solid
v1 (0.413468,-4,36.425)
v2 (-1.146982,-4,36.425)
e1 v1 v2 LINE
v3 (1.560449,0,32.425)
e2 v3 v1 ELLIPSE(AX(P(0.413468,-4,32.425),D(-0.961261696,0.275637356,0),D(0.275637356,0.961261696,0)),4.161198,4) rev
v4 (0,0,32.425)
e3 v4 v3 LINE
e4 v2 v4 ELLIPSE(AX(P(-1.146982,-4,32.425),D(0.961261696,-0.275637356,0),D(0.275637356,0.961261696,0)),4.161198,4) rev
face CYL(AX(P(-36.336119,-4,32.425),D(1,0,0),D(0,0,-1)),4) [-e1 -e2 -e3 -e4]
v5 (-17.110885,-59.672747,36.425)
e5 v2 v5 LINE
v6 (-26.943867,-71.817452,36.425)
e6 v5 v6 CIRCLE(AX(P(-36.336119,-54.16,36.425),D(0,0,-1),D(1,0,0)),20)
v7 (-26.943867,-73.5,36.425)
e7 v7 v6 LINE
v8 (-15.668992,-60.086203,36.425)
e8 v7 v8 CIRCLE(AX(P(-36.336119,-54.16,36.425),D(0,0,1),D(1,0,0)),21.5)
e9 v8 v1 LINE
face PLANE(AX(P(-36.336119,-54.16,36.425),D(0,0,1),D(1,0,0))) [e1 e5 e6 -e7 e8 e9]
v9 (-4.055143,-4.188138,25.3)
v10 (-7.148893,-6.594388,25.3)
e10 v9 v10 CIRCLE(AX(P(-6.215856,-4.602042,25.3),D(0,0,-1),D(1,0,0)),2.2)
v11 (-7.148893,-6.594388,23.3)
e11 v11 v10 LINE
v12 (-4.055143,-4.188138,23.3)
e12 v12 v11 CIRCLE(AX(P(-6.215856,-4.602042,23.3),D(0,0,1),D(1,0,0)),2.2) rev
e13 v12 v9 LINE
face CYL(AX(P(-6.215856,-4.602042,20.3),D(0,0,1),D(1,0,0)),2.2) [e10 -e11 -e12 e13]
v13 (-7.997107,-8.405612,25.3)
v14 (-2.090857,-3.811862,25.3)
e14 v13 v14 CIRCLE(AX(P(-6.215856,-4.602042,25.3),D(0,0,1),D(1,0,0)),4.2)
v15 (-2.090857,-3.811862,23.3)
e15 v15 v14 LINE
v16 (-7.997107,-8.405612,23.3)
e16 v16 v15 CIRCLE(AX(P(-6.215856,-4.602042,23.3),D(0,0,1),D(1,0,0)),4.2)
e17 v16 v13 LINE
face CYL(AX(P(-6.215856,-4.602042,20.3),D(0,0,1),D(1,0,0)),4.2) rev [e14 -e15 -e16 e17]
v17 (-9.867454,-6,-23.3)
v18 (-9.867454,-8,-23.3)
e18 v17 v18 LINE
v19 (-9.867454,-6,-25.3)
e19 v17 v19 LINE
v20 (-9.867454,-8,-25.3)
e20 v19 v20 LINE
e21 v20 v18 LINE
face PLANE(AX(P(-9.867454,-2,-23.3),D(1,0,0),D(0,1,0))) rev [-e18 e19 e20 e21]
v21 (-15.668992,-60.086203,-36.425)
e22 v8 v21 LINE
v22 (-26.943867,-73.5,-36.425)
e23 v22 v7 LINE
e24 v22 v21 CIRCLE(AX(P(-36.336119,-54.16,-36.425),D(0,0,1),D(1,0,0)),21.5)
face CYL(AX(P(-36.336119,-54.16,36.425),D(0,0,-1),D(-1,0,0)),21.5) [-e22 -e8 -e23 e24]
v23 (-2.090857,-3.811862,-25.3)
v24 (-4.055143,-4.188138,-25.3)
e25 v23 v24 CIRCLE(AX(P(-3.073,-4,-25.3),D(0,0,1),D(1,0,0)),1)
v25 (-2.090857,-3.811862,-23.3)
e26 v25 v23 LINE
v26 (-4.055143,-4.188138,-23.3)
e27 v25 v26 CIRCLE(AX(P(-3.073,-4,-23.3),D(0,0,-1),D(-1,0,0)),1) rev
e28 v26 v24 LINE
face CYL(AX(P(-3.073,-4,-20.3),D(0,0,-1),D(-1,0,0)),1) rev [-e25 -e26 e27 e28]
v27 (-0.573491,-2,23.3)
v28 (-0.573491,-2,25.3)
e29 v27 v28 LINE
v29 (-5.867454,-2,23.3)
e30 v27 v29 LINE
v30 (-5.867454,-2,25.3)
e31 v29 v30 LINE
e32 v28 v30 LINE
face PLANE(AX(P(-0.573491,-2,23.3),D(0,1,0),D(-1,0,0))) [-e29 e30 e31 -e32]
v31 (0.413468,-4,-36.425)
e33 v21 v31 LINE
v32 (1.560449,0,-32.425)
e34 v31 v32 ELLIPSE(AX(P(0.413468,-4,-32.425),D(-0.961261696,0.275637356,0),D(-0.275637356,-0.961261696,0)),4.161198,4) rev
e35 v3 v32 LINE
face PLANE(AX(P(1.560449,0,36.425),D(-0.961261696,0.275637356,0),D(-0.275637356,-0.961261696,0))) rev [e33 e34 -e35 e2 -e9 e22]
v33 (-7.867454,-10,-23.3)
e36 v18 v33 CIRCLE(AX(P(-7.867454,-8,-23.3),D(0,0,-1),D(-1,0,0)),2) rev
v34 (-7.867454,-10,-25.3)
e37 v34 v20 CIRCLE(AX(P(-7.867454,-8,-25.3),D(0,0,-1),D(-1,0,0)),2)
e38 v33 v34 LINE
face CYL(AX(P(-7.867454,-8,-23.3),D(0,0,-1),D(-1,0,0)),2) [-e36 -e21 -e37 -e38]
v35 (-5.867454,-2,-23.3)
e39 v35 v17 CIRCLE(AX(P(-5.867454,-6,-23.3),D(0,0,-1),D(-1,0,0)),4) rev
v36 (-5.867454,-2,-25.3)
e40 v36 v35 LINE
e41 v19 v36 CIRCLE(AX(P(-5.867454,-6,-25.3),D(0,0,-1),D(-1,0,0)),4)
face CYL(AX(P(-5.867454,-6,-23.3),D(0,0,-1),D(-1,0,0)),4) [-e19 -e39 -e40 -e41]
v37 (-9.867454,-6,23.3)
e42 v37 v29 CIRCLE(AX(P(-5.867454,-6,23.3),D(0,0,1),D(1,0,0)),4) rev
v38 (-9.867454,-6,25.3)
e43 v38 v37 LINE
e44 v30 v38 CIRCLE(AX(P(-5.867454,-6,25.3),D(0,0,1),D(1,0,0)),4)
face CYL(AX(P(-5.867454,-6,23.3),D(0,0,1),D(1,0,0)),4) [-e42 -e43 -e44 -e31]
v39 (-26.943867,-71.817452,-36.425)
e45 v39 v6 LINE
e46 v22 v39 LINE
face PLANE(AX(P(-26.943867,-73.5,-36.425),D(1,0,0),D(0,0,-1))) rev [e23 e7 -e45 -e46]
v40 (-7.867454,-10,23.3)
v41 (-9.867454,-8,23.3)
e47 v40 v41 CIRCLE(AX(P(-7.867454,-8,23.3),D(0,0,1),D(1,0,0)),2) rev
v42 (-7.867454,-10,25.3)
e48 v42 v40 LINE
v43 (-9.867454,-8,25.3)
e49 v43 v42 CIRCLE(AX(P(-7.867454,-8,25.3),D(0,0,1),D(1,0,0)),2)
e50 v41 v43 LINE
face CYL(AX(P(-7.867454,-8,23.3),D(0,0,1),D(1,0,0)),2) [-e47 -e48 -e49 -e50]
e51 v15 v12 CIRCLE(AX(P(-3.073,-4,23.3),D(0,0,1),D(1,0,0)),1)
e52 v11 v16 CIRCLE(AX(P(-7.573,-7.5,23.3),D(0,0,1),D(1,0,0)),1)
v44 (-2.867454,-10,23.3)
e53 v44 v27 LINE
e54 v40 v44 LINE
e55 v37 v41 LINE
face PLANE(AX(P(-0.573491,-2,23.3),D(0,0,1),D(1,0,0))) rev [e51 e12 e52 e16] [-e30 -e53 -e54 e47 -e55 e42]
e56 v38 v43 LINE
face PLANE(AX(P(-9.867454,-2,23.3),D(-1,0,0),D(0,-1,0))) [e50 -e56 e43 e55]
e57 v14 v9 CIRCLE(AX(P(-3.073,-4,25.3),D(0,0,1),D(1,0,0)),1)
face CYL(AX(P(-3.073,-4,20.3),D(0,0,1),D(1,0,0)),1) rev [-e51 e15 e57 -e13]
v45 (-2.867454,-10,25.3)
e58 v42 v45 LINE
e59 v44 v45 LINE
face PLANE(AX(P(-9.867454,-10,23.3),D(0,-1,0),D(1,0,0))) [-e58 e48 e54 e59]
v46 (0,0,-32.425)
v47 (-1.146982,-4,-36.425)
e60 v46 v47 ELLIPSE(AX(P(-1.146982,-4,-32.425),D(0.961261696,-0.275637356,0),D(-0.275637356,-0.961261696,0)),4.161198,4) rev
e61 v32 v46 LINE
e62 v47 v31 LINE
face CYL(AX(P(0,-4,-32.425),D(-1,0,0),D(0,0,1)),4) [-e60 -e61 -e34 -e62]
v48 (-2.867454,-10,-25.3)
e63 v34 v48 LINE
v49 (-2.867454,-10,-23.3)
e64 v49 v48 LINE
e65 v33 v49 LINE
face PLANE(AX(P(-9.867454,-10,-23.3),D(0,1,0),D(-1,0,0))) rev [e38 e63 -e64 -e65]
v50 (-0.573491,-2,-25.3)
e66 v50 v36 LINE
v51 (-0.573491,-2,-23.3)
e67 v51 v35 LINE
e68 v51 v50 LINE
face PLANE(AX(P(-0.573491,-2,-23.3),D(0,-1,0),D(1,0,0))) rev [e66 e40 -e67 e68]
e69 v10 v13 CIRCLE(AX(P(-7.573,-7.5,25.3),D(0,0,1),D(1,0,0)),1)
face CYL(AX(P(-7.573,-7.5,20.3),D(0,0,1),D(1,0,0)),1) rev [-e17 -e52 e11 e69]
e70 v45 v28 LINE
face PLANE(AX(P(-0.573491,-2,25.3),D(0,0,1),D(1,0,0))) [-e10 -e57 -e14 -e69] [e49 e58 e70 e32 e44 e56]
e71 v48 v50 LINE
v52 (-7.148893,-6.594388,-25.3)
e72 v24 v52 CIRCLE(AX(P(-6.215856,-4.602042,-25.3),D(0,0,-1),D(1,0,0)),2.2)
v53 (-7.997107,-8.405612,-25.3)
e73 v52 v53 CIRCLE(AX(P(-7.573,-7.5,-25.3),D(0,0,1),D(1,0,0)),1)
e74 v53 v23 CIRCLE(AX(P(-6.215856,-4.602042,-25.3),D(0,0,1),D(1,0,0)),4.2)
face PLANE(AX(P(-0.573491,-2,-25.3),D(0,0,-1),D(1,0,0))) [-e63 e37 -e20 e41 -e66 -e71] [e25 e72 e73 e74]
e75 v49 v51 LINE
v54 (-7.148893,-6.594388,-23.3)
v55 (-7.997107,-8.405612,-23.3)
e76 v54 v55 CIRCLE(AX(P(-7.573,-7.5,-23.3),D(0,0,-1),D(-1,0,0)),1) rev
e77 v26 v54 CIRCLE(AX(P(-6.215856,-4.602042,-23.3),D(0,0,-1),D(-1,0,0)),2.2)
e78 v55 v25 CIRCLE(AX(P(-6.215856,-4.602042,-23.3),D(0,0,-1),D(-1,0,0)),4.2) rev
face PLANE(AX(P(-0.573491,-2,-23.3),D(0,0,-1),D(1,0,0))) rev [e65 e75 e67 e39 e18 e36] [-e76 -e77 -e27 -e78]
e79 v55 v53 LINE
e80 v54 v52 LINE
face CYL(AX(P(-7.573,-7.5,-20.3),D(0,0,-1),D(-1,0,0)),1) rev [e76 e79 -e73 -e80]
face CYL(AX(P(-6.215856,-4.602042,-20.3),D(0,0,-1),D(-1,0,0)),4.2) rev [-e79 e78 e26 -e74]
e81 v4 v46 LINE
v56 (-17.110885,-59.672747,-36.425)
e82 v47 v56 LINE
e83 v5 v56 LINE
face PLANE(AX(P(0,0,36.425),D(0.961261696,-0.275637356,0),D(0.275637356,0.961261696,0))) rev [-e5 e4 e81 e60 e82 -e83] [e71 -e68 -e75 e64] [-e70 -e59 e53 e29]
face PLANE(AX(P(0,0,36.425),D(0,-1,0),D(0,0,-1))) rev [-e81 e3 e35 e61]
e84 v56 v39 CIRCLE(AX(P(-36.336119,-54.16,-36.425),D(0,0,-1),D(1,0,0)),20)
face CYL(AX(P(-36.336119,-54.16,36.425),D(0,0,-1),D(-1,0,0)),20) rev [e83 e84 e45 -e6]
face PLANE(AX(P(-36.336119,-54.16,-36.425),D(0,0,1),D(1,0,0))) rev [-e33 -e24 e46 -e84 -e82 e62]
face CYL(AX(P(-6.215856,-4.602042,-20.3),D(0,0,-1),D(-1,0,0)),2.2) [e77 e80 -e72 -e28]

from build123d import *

# Parameters (mm, degrees)
BOSS_EXTRUDE1_DEPTH   = 36.425
CUT_EXTRUDE1_DEPTH    = 110.090212662
CUT_EXTRUDE2_DEPTH    = 109.098783751
FILLET1_R             = 4
BOSS_EXTRUDE14_START  = 25.3
BOSS_EXTRUDE14_DEPTH  = 2
CUT_EXTRUDE10_DEPTH   = 5
FILLET13_R            = 4
FILLET14_R            = 2
FILLET13_OF_MIRROR1_R = 4
FILLET14_OF_MIRROR1_R = 2


with BuildPart() as part:
    # Sketch1 → Boss-Extrude1 (new, symmetric)
    with BuildSketch(Plane.XY):
        with BuildLine():
            Line((0, 0), (-17.110884891, -59.672747116))
            ThreePointArc((-17.110884891, -59.672747116), (-22.347799076, -68.454296451), (-31.240591359, -73.5))
            Line((-31.240591359, -73.5), (-30.858426801, -74.9505))
            ThreePointArc((-30.858426801, -74.9505), (-21.298675096, -69.526368685), (-15.668992347, -60.08620315))
            Line((-15.668992347, -60.08620315), (1.441892544, -0.413456034))
            Line((1.441892544, -0.413456034), (1.560449154, 0))
            Line((1.560449154, 0), (0, 0))
        make_face()
    extrude(amount=BOSS_EXTRUDE1_DEPTH, both=True)

    # Sketch2 → Cut-Extrude1 (cut, through all)
    with BuildSketch(Plane.XY.offset(36.425)):
        with BuildLine():
            Line((-31.240591359, -73.5), (-26.943866684, -73.5))
            ThreePointArc((-26.943866684, -73.5), (-28.865857957, -74.320486174), (-30.858426801, -74.9505))
            Line((-30.858426801, -74.9505), (-31.240591359, -73.5))
        make_face()
    extrude(amount=-CUT_EXTRUDE1_DEPTH, mode=Mode.SUBTRACT)

    # Sketch3 → Cut-Extrude2 (cut, through all)
    with BuildSketch(Plane.XY.offset(36.425)):
        with BuildLine():
            Line((-26.943866684, -73.5), (-31.240591359, -73.5))
            ThreePointArc((-31.240591359, -73.5), (-29.043541661, -72.783058785), (-26.943866684, -71.817451685))
            Line((-26.943866684, -71.817451685), (-26.943866684, -73.5))
        make_face()
    extrude(amount=-CUT_EXTRUDE2_DEPTH, mode=Mode.SUBTRACT)

    # Fillet1
    fillet1_edges = [part.edges().sort_by_distance(p)[0] for p in [
        (0.780224577, 0, 36.425),
        (0.780224577, 0, -36.425),
    ]]
    fillet(fillet1_edges, radius=FILLET1_R)

    # Sketch33 → Boss-Extrude14 (add)
    with BuildSketch(Plane.XY.offset(BOSS_EXTRUDE14_START)):
        Polygon((-0.573490772, -2), (-9.867453858, -2), (-9.867453858, -10), (-2.867453858, -10), align=None)
    boss_extrude14 = extrude(amount=-BOSS_EXTRUDE14_DEPTH)

    # Sketch34 → Cut-Extrude10 (cut)
    with BuildSketch(Plane.XY.offset(25.3)):
        with BuildLine():
            ThreePointArc((-2.090857418, -3.811861892), (-3.261138108, -3.017857418), (-4.055142582, -4.188138108))
            ThreePointArc((-4.055142582, -4.188138108), (-4.865186914, -6.338616825), (-7.148892582, -6.594388108))
            ThreePointArc((-7.148892582, -6.594388108), (-8.478611892, -7.075892582), (-7.997107418, -8.405611892))
            ThreePointArc((-7.997107418, -8.405611892), (-3.637305687, -7.91732126), (-2.090857418, -3.811861892))
        make_face()
    cut_extrude10 = extrude(amount=-CUT_EXTRUDE10_DEPTH, mode=Mode.SUBTRACT)

    # Fillet13
    fillet13_edges = [part.edges().sort_by_distance(p)[0] for p in [
        (-9.867453858, -2, 24.3),
    ]]
    fillet(fillet13_edges, radius=FILLET13_R)

    # Fillet14
    fillet14_edges = [part.edges().sort_by_distance(p)[0] for p in [
        (-9.867453858, -10, 24.3),
    ]]
    fillet(fillet14_edges, radius=FILLET14_R)

    # Mirror1: Boss-Extrude14, Cut-Extrude10 across plane
    add(boss_extrude14.mirror(Plane.XY))
    add(cut_extrude10.mirror(Plane.XY), mode=Mode.SUBTRACT)

    # Fillet13 of Mirror1
    fillet13_of_mirror1_edges = [part.edges().sort_by_distance(p)[0] for p in [
        (-9.867453858, -2, -24.3),
    ]]
    fillet(fillet13_of_mirror1_edges, radius=FILLET13_OF_MIRROR1_R)

    # Fillet14 of Mirror1
    fillet14_of_mirror1_edges = [part.edges().sort_by_distance(p)[0] for p in [
        (-9.867453858, -10, -24.3),
    ]]
    fillet(fillet14_of_mirror1_edges, radius=FILLET14_OF_MIRROR1_R)


solid = part.part
